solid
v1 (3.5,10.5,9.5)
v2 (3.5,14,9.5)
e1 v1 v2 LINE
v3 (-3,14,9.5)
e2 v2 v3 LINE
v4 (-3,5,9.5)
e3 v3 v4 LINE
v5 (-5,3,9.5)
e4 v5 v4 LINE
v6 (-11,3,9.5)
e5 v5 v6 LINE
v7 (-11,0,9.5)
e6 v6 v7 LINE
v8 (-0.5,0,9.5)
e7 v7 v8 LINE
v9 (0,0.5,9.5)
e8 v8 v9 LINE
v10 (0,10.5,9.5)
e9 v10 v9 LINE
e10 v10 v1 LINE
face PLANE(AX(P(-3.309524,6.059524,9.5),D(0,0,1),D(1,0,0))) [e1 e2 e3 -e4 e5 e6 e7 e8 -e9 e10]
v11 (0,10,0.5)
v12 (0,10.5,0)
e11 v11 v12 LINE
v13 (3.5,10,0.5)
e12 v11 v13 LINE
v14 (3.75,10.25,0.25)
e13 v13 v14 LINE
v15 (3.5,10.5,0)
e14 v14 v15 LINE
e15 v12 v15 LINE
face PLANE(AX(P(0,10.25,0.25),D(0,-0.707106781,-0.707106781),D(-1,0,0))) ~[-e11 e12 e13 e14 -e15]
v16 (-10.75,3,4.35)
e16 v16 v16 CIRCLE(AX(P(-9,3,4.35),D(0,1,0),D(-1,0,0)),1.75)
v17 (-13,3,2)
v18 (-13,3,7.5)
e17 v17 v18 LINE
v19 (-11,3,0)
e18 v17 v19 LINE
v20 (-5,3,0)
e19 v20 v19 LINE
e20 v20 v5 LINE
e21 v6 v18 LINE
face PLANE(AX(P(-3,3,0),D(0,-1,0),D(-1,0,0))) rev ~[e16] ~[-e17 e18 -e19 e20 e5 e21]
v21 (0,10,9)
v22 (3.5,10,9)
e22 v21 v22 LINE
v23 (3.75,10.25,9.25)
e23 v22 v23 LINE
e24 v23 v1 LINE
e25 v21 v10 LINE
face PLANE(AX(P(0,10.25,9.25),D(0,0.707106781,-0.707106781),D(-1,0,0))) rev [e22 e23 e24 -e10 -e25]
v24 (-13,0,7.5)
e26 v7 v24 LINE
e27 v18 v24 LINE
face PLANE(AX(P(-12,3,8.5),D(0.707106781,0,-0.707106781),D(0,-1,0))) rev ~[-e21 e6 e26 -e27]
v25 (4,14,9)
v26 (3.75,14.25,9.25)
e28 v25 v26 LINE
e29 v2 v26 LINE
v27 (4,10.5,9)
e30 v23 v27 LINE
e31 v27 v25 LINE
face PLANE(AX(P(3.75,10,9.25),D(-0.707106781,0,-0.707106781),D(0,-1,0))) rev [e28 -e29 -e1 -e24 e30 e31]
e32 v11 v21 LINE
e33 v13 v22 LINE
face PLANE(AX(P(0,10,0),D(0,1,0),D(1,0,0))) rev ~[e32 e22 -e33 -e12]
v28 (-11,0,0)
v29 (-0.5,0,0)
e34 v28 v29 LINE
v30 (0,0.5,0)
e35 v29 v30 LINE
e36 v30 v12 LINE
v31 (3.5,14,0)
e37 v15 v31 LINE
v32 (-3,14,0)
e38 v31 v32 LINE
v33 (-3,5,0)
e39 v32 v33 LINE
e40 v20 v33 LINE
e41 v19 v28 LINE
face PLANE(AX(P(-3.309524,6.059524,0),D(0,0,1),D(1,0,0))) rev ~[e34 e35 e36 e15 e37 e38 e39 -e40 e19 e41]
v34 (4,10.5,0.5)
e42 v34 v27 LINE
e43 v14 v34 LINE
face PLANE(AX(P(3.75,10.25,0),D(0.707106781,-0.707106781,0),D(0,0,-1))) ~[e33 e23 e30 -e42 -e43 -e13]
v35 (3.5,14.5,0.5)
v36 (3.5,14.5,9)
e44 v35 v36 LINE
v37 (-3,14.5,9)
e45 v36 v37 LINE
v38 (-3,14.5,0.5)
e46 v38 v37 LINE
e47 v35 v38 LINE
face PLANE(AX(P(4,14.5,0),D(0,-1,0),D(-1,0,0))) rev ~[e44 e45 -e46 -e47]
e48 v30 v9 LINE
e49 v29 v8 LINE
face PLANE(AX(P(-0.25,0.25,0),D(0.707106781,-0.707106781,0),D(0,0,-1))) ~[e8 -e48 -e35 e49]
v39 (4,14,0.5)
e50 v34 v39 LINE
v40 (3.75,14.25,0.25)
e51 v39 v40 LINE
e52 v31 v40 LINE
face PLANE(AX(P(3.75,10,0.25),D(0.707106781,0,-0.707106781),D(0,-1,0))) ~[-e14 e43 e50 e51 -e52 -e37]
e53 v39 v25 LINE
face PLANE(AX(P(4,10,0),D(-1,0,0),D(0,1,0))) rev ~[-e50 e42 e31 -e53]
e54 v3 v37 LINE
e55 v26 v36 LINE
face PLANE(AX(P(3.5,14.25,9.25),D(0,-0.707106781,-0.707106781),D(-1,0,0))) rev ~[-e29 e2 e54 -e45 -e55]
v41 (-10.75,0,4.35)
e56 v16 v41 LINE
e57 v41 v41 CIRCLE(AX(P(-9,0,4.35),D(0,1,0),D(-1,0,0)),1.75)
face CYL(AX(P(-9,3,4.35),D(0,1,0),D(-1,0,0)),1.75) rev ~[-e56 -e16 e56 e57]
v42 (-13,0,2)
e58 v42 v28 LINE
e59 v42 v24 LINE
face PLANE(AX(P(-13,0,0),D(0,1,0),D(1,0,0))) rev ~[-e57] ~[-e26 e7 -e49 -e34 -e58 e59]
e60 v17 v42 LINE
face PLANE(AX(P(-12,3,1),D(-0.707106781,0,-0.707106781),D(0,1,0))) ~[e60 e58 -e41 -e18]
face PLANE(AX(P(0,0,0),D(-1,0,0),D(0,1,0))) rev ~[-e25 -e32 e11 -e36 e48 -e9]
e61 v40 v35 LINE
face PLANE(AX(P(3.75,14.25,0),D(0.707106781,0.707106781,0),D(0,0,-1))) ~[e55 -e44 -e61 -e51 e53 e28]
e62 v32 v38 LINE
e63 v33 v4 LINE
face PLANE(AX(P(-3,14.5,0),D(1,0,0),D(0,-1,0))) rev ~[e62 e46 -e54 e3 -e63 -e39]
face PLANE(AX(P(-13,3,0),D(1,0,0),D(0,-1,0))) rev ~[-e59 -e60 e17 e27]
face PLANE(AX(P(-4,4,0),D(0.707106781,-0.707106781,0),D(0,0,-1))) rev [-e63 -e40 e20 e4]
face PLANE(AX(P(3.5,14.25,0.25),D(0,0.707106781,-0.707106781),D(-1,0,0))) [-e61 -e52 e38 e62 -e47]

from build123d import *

# Parameters (mm, degrees)
PAD_DEPTH       = 9.5
CHAMFER_SIZE    = 0.5
CHAMFER001_SIZE = 0.5
CHAMFER002_SIZE = 2
CHAMFER003_SIZE = 0.5
CHAMFER004_SIZE = 2
SKETCH001_R     = 1.75
POCKET_DEPTH    = 5


with BuildPart() as part:
    # Sketch → Pad (new body)
    with BuildSketch(Plane.XY):
        Polygon((-13, 0), (0, 0), (0, 10), (4, 10), (4, 14.5), (-3, 14.5), (-3, 3), (-13, 3), align=None)
    extrude(amount=PAD_DEPTH)

    # Chamfer
    chamfer_edges = [part.edges().sort_by_distance(p)[0] for p in [
        (4, 10, 4.75),
        (4, 14.5, 4.75),
        (4, 12.25, 9.5),
        (4, 12.25, 0),
    ]]
    chamfer(chamfer_edges, length=CHAMFER_SIZE)

    # Chamfer001
    chamfer001_edges = [part.edges().sort_by_distance(p)[0] for p in [
        (1.75, 10, 0),
        (1.75, 10, 9.5),
        (0.25, 14.5, 9.5),
        (0.25, 14.5, 0),
    ]]
    chamfer(chamfer001_edges, length=CHAMFER001_SIZE)

    # Chamfer002
    chamfer002_edges = [part.edges().sort_by_distance(p)[0] for p in [
        (-3, 3, 4.75),
    ]]
    chamfer(chamfer002_edges, length=CHAMFER002_SIZE)

    # Chamfer003
    chamfer003_edges = [part.edges().sort_by_distance(p)[0] for p in [
        (0, 0, 4.75),
    ]]
    chamfer(chamfer003_edges, length=CHAMFER003_SIZE)

    # Chamfer004
    chamfer004_edges = [part.edges().sort_by_distance(p)[0] for p in [
        (-13, 1.5, 0),
        (-13, 1.5, 9.5),
    ]]
    chamfer(chamfer004_edges, length=CHAMFER004_SIZE)

    # Sketch001 (on Face5 of Chamfer004) → Pocket (cut)
    with BuildSketch(Plane(origin=(0, 3, 0), x_dir=(-1, 0, 0), z_dir=(0, 1, 0))):
        with Locations((9, 4.35)):
            Circle(SKETCH001_R)
    extrude(amount=-POCKET_DEPTH, mode=Mode.SUBTRACT)


solid = part.part
